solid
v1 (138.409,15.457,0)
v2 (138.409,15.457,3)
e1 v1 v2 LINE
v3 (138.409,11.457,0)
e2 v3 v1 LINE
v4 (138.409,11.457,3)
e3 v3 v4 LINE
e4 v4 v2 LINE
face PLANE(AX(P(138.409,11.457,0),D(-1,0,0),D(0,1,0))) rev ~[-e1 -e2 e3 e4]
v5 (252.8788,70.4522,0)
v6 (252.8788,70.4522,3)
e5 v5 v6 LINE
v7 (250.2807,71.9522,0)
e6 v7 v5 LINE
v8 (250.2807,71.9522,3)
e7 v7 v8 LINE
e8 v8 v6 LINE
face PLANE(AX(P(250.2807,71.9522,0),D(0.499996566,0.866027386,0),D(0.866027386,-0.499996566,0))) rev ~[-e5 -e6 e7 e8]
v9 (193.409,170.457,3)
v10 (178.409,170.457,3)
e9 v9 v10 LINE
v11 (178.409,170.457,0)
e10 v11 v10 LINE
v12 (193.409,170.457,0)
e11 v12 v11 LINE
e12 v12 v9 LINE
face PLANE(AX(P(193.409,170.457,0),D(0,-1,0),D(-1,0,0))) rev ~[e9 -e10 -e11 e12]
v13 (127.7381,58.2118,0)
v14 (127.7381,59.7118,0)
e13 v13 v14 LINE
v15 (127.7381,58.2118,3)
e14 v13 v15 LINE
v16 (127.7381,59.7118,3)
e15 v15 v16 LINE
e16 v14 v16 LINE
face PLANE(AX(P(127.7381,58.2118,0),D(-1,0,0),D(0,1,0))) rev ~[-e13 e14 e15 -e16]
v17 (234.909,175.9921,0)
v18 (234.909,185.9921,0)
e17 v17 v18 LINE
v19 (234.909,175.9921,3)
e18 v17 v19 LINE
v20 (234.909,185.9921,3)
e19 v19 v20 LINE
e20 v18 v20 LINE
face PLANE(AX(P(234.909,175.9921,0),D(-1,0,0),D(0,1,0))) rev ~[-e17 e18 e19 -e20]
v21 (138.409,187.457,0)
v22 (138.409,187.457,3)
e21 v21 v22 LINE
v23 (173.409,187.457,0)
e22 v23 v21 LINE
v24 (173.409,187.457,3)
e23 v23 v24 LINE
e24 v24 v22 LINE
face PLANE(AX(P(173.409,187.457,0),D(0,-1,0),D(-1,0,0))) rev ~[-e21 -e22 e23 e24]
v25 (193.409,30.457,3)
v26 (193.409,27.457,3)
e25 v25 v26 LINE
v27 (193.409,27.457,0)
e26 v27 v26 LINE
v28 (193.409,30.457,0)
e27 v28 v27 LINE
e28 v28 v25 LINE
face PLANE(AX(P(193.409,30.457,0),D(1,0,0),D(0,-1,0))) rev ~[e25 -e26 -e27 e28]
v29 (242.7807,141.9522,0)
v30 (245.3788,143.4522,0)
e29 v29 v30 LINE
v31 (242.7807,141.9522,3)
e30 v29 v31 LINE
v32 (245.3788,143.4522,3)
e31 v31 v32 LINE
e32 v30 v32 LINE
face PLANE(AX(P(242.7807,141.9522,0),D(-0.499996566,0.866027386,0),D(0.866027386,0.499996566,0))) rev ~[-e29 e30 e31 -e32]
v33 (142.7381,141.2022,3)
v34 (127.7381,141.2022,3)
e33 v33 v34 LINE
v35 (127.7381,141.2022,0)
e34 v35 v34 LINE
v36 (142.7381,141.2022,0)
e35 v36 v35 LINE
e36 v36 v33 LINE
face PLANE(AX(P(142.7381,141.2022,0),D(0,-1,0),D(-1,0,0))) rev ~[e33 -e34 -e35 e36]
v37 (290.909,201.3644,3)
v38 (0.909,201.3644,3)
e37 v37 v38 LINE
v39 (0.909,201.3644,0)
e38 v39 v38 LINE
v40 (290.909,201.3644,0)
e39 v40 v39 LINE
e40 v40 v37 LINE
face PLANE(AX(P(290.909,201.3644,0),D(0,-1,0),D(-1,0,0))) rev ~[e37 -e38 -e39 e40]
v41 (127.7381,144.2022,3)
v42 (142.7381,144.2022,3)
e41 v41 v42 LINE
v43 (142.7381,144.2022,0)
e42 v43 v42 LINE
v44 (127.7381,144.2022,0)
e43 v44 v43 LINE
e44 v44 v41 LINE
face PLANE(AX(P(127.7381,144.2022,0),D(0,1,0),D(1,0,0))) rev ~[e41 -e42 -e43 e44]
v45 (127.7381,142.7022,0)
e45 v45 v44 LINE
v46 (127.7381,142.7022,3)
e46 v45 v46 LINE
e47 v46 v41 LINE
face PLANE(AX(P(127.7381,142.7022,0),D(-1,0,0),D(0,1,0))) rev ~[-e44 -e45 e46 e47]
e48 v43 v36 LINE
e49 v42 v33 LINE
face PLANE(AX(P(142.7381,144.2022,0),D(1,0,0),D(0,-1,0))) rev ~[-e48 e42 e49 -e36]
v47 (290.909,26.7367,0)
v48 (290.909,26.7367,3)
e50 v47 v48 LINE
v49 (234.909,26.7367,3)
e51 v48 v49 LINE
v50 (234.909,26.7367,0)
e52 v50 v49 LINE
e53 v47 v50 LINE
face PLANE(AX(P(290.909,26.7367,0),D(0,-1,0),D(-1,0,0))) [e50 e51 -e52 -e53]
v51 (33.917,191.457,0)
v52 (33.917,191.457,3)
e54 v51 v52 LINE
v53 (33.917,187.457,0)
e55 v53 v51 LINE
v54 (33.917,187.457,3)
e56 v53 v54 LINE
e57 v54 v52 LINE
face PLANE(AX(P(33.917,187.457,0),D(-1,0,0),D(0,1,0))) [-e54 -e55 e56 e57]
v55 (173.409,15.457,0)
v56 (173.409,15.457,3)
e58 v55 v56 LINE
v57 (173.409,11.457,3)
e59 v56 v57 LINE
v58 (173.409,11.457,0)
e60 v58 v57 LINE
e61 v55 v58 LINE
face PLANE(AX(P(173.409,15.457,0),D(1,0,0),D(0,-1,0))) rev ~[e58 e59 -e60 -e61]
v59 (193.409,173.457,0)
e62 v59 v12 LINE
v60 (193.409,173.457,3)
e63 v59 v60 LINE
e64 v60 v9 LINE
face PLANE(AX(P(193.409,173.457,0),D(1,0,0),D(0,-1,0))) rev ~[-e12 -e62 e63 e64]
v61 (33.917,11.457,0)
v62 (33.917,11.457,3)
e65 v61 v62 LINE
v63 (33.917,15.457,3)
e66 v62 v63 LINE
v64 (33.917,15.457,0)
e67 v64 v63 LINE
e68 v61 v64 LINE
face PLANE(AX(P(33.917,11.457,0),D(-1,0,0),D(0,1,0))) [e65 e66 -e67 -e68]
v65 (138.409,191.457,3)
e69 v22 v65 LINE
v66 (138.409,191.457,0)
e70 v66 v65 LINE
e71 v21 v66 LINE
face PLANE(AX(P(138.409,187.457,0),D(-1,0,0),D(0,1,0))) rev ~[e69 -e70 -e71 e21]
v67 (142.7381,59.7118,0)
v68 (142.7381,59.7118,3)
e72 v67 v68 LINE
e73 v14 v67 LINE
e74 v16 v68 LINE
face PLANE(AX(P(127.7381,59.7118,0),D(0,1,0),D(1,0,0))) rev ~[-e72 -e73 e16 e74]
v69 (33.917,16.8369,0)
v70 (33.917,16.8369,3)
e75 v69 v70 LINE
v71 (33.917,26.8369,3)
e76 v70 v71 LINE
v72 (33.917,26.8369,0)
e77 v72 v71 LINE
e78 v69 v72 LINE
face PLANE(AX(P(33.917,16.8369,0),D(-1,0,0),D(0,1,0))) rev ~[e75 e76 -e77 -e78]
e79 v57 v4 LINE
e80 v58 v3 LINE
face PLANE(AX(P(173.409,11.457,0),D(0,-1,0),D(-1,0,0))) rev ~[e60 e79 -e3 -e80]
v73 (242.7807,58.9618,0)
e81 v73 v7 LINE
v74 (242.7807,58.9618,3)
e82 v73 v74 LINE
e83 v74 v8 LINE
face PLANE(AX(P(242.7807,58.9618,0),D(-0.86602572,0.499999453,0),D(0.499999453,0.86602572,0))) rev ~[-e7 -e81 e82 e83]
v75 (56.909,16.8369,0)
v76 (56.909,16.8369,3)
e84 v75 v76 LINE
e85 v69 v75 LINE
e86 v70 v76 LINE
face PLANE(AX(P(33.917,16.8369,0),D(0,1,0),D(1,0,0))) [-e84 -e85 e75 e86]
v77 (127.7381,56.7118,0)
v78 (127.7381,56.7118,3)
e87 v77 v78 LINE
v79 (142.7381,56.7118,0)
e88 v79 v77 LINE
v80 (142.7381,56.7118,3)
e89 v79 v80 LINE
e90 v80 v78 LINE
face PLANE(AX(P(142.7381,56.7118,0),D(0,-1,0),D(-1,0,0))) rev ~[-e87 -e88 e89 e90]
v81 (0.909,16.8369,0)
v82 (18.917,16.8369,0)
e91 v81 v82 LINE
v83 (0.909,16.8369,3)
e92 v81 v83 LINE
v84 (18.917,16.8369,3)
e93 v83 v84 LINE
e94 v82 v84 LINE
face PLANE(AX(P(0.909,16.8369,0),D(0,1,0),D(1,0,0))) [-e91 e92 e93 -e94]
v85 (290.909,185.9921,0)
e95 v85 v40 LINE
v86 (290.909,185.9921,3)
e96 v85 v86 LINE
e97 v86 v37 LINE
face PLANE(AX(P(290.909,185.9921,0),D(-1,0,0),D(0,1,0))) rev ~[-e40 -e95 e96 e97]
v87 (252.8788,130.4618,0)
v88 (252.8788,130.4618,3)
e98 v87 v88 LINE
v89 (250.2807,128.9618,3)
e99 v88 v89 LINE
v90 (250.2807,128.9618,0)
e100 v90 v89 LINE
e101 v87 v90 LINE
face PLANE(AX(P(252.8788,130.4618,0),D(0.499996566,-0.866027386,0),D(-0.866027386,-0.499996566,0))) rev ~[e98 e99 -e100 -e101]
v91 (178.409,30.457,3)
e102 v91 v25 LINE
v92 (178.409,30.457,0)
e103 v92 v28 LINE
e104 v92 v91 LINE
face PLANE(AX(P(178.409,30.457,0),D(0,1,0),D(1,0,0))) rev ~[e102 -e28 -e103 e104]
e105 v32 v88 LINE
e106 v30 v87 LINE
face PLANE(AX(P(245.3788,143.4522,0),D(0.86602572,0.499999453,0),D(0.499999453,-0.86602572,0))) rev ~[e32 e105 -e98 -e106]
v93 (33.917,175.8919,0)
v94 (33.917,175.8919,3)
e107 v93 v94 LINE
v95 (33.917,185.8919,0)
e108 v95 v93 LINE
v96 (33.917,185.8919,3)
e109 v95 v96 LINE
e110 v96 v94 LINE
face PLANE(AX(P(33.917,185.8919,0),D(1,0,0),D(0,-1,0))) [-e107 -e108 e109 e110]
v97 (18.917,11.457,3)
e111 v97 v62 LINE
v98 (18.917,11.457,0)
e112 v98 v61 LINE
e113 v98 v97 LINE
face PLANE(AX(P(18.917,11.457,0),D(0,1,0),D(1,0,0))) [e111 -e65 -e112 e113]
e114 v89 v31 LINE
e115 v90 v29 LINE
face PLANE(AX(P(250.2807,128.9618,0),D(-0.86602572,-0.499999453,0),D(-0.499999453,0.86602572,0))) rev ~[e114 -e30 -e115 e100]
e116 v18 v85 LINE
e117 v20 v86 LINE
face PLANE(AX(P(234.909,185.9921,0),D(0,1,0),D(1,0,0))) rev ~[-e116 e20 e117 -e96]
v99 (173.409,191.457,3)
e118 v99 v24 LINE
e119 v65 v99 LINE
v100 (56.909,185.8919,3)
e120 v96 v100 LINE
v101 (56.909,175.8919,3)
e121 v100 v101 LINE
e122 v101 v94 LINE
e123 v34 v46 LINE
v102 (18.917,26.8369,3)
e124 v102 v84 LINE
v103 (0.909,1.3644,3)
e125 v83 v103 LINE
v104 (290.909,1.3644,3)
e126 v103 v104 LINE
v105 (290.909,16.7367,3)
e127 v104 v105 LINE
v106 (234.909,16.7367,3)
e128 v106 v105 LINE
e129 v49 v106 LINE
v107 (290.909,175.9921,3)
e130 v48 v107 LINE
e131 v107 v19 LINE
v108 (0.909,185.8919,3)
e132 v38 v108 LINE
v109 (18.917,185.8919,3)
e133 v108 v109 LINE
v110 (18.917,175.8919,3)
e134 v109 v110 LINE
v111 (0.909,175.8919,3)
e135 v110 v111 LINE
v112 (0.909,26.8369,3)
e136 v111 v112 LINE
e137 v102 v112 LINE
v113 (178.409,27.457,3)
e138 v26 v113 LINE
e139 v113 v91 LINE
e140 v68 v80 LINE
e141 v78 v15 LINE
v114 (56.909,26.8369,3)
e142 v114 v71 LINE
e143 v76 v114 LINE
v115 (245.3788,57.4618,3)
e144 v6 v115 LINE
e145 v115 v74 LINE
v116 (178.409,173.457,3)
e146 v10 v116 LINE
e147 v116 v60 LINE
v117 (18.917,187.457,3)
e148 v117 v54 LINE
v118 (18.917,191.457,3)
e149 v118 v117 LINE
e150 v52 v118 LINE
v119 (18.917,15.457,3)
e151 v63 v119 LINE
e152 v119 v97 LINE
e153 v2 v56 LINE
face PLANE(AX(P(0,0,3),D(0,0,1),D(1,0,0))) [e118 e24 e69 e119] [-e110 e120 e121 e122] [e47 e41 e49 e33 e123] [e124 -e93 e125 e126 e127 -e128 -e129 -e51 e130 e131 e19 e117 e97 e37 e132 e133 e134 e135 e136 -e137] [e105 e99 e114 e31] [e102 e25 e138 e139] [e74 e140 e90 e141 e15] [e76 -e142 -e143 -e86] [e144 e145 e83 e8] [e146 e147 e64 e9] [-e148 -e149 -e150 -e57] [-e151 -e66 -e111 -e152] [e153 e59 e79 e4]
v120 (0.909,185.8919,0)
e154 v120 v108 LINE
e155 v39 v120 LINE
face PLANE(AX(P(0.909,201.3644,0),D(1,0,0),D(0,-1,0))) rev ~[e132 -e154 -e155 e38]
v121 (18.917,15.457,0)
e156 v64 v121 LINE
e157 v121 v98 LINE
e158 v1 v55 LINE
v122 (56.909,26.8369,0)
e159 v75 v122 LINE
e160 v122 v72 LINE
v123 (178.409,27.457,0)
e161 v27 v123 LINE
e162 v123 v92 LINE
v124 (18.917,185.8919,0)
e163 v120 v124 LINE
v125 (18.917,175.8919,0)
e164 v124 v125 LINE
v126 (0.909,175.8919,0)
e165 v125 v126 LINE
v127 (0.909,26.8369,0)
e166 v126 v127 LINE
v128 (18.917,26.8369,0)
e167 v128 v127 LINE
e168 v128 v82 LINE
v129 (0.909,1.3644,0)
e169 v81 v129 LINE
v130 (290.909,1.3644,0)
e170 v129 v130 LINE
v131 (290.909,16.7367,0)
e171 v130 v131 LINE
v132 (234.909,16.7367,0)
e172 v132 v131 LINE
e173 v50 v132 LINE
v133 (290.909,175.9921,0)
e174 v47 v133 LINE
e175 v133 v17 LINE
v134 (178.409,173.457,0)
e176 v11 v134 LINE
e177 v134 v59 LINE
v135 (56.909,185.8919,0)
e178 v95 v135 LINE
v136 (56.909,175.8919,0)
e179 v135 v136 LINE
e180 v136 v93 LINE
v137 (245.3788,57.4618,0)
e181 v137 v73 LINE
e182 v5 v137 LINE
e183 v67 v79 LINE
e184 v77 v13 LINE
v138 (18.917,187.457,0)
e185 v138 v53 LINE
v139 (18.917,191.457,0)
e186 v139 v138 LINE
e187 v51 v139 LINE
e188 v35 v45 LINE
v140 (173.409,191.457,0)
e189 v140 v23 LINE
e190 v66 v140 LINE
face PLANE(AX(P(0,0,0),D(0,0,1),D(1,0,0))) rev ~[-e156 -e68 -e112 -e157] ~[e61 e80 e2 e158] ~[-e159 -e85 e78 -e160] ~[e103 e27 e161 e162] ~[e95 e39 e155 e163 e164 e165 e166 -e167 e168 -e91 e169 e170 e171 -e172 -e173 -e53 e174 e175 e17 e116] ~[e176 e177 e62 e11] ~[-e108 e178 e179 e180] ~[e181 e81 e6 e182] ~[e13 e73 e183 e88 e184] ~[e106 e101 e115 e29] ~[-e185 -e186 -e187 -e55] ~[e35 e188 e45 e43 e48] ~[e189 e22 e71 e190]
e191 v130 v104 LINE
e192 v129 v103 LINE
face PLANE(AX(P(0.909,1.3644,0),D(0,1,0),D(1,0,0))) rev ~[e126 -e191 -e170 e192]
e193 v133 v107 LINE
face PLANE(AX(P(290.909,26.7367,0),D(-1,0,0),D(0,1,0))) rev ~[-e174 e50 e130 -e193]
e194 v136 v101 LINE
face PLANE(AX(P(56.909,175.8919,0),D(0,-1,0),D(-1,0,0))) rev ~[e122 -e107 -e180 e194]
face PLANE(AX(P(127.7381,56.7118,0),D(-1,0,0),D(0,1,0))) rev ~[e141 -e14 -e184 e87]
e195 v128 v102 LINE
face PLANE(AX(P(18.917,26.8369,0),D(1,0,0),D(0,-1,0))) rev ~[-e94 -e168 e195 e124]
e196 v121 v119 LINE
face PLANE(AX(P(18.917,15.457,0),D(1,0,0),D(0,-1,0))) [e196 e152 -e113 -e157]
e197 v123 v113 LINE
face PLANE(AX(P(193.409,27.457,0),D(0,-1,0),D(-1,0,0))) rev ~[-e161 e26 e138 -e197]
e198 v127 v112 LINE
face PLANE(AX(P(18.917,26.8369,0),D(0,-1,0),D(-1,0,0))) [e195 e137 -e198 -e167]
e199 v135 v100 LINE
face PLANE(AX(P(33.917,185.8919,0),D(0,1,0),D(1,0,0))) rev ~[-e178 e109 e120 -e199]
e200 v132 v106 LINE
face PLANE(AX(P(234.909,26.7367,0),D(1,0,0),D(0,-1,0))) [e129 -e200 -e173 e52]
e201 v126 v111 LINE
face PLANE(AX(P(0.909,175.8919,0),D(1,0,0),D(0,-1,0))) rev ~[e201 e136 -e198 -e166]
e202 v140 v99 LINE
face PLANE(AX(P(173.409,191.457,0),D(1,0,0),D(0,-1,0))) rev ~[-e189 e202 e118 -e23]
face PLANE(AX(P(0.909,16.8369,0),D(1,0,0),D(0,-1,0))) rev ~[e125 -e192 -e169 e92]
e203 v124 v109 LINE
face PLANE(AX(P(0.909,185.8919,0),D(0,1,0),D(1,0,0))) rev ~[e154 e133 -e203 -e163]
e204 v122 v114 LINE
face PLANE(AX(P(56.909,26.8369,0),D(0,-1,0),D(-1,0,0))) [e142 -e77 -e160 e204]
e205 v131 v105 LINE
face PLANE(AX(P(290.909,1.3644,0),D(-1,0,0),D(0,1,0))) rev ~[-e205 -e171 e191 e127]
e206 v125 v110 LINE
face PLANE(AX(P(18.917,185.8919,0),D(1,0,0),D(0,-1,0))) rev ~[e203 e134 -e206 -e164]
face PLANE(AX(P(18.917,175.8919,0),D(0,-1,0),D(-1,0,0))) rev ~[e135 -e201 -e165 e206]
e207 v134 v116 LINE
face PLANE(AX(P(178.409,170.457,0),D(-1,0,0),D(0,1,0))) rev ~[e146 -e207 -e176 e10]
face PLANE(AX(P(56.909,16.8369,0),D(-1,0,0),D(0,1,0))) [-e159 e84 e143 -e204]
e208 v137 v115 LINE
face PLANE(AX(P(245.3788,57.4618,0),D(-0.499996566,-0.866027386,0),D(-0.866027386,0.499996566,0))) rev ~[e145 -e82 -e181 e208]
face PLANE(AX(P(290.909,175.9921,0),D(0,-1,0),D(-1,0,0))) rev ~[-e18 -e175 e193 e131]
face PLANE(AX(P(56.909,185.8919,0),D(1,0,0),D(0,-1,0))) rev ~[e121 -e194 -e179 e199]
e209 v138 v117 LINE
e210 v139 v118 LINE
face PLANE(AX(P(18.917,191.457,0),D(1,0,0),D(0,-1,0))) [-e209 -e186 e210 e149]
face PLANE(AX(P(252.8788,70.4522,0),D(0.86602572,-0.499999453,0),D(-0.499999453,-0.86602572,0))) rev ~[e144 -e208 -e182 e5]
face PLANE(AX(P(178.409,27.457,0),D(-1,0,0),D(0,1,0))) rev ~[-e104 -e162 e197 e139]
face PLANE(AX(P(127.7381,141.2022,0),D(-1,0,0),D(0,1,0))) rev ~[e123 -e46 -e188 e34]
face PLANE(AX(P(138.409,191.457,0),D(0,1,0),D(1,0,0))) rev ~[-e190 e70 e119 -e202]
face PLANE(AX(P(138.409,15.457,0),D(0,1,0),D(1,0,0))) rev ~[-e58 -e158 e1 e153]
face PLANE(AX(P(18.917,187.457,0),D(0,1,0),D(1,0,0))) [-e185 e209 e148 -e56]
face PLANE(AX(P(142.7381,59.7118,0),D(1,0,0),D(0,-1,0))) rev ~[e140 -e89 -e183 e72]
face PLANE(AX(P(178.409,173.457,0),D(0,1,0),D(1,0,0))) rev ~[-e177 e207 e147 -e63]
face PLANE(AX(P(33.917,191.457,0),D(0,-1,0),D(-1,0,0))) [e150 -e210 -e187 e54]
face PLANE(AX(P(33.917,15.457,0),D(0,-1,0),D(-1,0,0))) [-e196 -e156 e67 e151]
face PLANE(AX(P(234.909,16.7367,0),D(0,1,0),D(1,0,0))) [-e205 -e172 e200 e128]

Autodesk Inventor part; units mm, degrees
ref_plane "YZ Plane" through (0, 0, 0) normal (1, 0, 0) x (0, 1, 0)
ref_plane "XZ Plane" through (0, 0, 0) normal (0, 1, 0) x (-1, 0, 0)
ref_plane "XY Plane" through (0, 0, 0) normal (0, 0, 1) x (1, 0, 0)
sketch "Sketch1" plane through (0, 0, 0) normal (0, 0, 1) x (1, 0, 0)
  line L0 (0.909, 16.8369) -> (0.909, 1.3644)
  line L1 (0.909, 1.3644) -> (290.909, 1.3644)
  line L2 (0.909, 175.8919) -> (0.909, 26.8369)
  line L3 (290.909, 185.9921) -> (290.909, 201.3644)
  line L4 (290.909, 201.3644) -> (0.909, 201.3644)
  line L5 (0.909, 201.3644) -> (0.909, 185.8919)
  line L6 (290.909, 26.7367) -> (290.909, 175.9921)
  line L7 (290.909, 1.3644) -> (290.909, 16.7367)
  line L8 (290.909, 26.7367) -> (290.909, 175.9921)
  line L9 (0.909, 16.8369) -> (0.909, 1.3644)
  line L10 (0.909, 1.3644) -> (290.909, 1.3644)
  line L11 (290.909, 1.3644) -> (290.909, 16.7367)
  line L12 (0.909, 175.8919) -> (0.909, 26.8369)
  line L13 (138.409, 187.457) -> (138.409, 191.457)
  line L14 (138.409, 191.457) -> (173.409, 191.457)
  line L15 (173.409, 191.457) -> (173.409, 187.457)
  line L16 (173.409, 187.457) -> (138.409, 187.457)
  line L17 (173.409, 11.457) -> (138.409, 11.457)
  line L18 (138.409, 11.457) -> (138.409, 15.457)
  line L19 (138.409, 15.457) -> (173.409, 15.457)
  line L20 (173.409, 15.457) -> (173.409, 11.457)
  line L21 (290.909, 175.9921) -> (234.909, 175.9921)
  line L22 (234.909, 175.9921) -> (234.909, 185.9921)
  line L23 (234.909, 185.9921) -> (290.909, 185.9921)
  line L24 (56.909, 185.8919) -> (56.909, 175.8919)
  line L25 (178.409, 173.457) -> (193.409, 173.457)
  line L26 (193.409, 173.457) -> (193.409, 170.457)
  line L27 (193.409, 170.457) -> (178.409, 170.457)
  line L28 (178.409, 170.457) -> (178.409, 173.457)
  line L29 (126.4391, 143.4522) -> (129.0372, 141.9522)
  line L30 (252.8788, 70.4522) -> (245.3788, 57.4618)
  line L31 (245.3788, 57.4618) -> (242.7807, 58.9618)
  line L32 (242.7807, 58.9618) -> (250.2807, 71.9522)
  line L33 (250.2807, 71.9522) -> (252.8788, 70.4522)
  line L34 (129.0372, 58.9618) -> (126.4391, 57.4618)
  line L35 (242.7807, 141.9522) -> (245.3788, 143.4522)
  line L36 (245.3788, 143.4522) -> (252.8788, 130.4618)
  line L37 (252.8788, 130.4618) -> (250.2807, 128.9618)
  line L38 (250.2807, 128.9618) -> (242.7807, 141.9522)
  line L39 (193.409, 27.457) -> (178.409, 27.457)
  line L40 (178.409, 27.457) -> (178.409, 30.457)
  line L41 (178.409, 30.457) -> (193.409, 30.457)
  line L42 (193.409, 30.457) -> (193.409, 27.457)
  line L43 (290.909, 26.7367) -> (234.909, 26.7367)
  line L44 (234.909, 26.7367) -> (234.909, 16.7367)
  line L45 (234.909, 16.7367) -> (290.909, 16.7367)
  line L46 (56.909, 16.8369) -> (56.909, 26.8369)
  line L47 (18.917, 187.457) -> (33.917, 187.457)
  line L48 (33.917, 187.457) -> (33.917, 191.457)
  line L49 (33.917, 191.457) -> (18.917, 191.457)
  line L50 (18.917, 191.457) -> (18.917, 187.457)
  line L51 (33.917, 11.457) -> (33.917, 15.457)
  line L52 (33.917, 15.457) -> (18.917, 15.457)
  line L53 (18.917, 15.457) -> (18.917, 11.457)
  line L54 (18.917, 11.457) -> (33.917, 11.457)
  line L55 (18.917, 185.8919) -> (18.917, 175.8919)
  line L56 (33.917, 185.8919) -> (33.917, 175.8919)
  line L57 (0.909, 185.8919) -> (18.917, 185.8919)
  line L58 (33.917, 185.8919) -> (56.909, 185.8919)
  line L59 (56.909, 175.8919) -> (33.917, 175.8919)
  line L60 (18.917, 175.8919) -> (0.909, 175.8919)
  line L61 (18.917, 26.8369) -> (18.917, 16.8369)
  line L62 (33.917, 16.8369) -> (33.917, 26.8369)
  line L63 (56.909, 26.8369) -> (33.917, 26.8369)
  line L64 (18.917, 26.8369) -> (0.909, 26.8369)
  line L65 (0.909, 16.8369) -> (18.917, 16.8369)
  line L66 (33.917, 16.8369) -> (56.909, 16.8369)
  line L67 (127.7381, 142.7022) -> (127.7381, 144.2022)
  line L68 (127.7381, 141.2022) -> (127.7381, 142.7022)
  line L69 (127.7381, 58.2118) -> (127.7381, 59.7118)
  line L70 (127.7381, 56.7118) -> (127.7381, 58.2118)
  line L71 (127.7381, 144.2022) -> (142.7381, 144.2022)
  line L72 (142.7381, 144.2022) -> (142.7381, 141.2022)
  line L73 (142.7381, 141.2022) -> (127.7381, 141.2022)
  line L74 (127.7381, 141.2022) -> (127.7381, 144.2022)
  line L75 (127.7381, 59.7118) -> (142.7381, 59.7118)
  line L76 (142.7381, 59.7118) -> (142.7381, 56.7118)
  line L77 (142.7381, 56.7118) -> (127.7381, 56.7118)
  line L78 (127.7381, 56.7118) -> (127.7381, 59.7118)
  dimension "d266" = 1.5
  dimension "d274" = 15
  dimension "d275" = 3
  dimension "d276" = 15
  dimension "d277" = 3
extrude "Extrusion3" add sketch "Sketch1" along normal blind 3
properties part number "base_ver2_2"
